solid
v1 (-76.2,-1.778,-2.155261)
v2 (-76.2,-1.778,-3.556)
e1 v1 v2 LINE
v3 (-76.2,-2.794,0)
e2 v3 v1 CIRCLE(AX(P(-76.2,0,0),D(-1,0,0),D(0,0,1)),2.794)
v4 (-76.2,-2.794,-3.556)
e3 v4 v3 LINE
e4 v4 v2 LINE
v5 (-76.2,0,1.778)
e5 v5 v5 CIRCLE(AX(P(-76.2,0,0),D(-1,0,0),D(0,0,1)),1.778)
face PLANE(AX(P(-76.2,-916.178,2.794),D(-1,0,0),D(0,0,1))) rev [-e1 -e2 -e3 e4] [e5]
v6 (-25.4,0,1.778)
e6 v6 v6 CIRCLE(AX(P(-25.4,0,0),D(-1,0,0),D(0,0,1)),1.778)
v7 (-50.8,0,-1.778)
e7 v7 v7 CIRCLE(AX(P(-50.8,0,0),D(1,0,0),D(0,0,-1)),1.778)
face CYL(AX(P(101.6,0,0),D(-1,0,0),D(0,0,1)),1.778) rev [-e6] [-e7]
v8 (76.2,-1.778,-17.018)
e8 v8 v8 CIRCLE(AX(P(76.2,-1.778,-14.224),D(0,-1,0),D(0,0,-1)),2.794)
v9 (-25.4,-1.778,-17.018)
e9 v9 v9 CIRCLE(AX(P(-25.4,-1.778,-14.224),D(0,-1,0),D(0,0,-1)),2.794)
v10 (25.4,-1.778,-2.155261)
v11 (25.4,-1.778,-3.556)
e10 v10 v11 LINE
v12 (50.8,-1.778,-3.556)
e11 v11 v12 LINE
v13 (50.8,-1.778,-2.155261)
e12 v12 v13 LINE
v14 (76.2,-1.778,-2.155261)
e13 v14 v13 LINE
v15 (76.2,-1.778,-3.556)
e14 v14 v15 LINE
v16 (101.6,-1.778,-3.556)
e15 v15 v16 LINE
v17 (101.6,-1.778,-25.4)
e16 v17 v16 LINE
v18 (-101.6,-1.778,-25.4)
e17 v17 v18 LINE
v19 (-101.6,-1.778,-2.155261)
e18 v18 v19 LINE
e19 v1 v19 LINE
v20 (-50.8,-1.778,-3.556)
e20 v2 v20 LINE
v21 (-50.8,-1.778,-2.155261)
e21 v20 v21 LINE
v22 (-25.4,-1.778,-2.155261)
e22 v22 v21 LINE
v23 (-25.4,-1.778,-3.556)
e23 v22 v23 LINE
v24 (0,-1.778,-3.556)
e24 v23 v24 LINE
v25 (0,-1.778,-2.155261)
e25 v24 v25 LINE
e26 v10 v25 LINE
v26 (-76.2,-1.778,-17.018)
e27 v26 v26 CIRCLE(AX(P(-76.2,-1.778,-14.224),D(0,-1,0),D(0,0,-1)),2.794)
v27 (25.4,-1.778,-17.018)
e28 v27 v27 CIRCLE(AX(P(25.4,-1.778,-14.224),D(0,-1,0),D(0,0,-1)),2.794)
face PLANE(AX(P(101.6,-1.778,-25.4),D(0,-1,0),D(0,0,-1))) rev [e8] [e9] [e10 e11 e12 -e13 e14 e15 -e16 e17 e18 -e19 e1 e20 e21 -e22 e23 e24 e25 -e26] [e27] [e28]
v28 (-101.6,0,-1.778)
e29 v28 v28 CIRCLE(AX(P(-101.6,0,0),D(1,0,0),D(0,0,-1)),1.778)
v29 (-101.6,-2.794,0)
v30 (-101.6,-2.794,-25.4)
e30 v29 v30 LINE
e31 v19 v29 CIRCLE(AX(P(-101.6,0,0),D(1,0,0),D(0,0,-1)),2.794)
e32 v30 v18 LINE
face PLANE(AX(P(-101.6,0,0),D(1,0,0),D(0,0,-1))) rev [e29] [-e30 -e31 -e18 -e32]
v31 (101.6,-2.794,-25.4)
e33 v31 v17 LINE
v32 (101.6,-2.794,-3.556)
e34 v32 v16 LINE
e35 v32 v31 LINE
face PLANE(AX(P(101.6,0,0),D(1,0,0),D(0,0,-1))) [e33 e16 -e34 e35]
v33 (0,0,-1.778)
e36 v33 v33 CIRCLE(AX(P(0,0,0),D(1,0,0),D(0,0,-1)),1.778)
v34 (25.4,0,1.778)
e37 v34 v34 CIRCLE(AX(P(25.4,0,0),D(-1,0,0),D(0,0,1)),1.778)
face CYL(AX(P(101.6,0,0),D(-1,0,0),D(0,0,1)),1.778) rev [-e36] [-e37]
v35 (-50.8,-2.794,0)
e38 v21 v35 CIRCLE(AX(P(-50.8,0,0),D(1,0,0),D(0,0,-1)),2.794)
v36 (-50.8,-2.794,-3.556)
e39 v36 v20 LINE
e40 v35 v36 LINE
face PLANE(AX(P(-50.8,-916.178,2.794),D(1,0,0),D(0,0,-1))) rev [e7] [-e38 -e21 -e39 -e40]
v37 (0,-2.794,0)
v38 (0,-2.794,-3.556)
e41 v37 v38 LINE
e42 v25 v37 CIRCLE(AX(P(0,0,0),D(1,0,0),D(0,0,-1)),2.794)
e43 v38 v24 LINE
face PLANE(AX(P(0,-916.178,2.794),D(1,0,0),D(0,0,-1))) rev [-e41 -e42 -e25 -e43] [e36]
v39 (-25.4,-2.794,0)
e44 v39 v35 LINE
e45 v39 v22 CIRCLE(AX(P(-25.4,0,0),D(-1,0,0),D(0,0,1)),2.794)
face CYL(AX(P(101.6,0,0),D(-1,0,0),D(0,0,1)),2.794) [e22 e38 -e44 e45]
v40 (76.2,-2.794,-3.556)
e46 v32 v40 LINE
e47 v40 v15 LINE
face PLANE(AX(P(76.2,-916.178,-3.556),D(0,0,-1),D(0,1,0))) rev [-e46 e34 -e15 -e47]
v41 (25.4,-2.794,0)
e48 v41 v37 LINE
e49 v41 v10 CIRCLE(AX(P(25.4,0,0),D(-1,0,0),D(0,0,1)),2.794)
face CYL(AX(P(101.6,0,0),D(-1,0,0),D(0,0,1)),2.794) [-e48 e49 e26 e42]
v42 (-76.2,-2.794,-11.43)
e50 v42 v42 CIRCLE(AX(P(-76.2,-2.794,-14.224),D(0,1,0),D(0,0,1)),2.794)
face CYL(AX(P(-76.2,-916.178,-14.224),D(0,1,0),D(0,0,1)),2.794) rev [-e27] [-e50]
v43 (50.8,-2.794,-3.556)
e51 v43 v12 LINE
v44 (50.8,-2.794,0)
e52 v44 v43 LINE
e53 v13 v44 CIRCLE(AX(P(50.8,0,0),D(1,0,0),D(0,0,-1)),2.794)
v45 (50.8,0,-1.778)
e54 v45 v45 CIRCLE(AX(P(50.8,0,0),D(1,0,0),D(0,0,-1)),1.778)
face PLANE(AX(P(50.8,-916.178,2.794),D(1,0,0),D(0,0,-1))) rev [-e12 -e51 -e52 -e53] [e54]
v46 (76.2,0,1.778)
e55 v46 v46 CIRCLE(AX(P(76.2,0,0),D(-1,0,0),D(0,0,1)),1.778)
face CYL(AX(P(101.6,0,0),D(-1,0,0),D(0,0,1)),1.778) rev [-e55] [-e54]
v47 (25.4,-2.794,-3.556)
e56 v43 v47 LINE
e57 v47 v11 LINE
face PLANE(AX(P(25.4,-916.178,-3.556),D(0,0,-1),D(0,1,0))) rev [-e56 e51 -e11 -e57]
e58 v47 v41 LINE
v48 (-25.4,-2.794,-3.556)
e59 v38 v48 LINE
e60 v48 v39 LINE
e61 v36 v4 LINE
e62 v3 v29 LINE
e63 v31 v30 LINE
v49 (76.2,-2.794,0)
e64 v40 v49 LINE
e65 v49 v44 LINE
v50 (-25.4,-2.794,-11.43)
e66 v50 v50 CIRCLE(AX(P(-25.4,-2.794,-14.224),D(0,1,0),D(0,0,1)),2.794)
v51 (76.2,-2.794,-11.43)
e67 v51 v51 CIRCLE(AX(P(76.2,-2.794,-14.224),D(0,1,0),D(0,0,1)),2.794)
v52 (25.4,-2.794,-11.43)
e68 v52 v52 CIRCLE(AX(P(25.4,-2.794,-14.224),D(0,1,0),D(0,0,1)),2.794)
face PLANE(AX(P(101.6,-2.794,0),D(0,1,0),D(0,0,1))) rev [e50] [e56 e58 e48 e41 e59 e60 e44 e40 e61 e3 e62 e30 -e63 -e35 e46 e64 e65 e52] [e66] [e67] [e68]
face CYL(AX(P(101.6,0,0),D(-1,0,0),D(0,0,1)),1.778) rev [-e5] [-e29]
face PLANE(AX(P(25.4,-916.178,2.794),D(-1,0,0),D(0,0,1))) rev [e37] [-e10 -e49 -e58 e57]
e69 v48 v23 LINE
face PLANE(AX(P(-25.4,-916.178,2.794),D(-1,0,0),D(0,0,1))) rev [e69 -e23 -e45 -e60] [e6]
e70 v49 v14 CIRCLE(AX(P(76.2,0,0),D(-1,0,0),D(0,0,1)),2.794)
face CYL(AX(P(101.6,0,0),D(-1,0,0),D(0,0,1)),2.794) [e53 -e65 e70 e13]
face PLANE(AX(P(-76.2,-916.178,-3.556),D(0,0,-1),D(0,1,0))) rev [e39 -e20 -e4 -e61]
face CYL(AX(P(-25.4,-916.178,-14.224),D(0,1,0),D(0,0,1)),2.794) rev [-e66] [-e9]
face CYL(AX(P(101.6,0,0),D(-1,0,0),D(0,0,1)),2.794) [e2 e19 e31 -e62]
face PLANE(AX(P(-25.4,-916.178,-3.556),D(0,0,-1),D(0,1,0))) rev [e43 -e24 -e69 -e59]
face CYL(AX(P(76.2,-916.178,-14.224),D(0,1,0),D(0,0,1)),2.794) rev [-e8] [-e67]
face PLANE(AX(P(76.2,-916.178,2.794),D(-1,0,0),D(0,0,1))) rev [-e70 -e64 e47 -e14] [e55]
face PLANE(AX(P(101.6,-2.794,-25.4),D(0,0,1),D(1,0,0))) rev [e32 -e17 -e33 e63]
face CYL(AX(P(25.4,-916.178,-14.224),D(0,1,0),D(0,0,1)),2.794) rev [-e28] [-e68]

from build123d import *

# Parameters (mm, degrees)
SKETCH1_R           = 1.778
BOSS_EXTRUDE1_DEPTH = 101.6
SKETCH2_R           = 2.794
SKETCH2_W           = 25.4
SKETCH2_H           = 6.35
CUT_EXTRUDE1_DEPTH  = 914.4
LPATTERN1_COUNT     = 3
LPATTERN1_PITCH     = 50.8
LPATTERN2_COUNT     = 3
LPATTERN2_PITCH     = 50.8


with BuildPart() as part:
    # Sketch1 → Boss-Extrude1 (new body, symmetric)
    with BuildSketch(Plane(origin=(0, 0, 0), x_dir=(0, 0, -1), z_dir=(1, 0, 0))):
        with BuildLine():
            Line((0, -2.794), (25.4, -2.794))
            Line((25.4, -2.794), (25.4, -1.778))
            Line((25.4, -1.778), (2.155261469, -1.778))
            ThreePointArc((2.155261469, -1.778), (-1.191365603, 2.52726809), (0, -2.794))
        make_face()
        Circle(SKETCH1_R, mode=Mode.SUBTRACT)
    extrude(amount=BOSS_EXTRUDE1_DEPTH, both=True)

    # Sketch2 → Cut-Extrude1 (cut, symmetric)
    with BuildSketch(Plane(origin=(0, -1.778, 0), x_dir=(1, 0, 0), z_dir=(0, 1, 0))):
        with Locations((-25.4, 14.224)):
            Circle(SKETCH2_R)
        with Locations((-12.7, 0.381)):
            Rectangle(SKETCH2_W, SKETCH2_H)
    cut_extrude1 = extrude(amount=CUT_EXTRUDE1_DEPTH, both=True, mode=Mode.SUBTRACT)

    # LPattern1: Cut-Extrude1 ×3
    with Locations(*[(-i * LPATTERN1_PITCH, 0, 0) for i in range(1, LPATTERN1_COUNT)]):
        add(cut_extrude1, mode=Mode.SUBTRACT)

    # LPattern2: Cut-Extrude1 ×3
    with Locations(*[(i * LPATTERN2_PITCH, 0, 0) for i in range(1, LPATTERN2_COUNT)]):
        add(cut_extrude1, mode=Mode.SUBTRACT)


solid = part.part
